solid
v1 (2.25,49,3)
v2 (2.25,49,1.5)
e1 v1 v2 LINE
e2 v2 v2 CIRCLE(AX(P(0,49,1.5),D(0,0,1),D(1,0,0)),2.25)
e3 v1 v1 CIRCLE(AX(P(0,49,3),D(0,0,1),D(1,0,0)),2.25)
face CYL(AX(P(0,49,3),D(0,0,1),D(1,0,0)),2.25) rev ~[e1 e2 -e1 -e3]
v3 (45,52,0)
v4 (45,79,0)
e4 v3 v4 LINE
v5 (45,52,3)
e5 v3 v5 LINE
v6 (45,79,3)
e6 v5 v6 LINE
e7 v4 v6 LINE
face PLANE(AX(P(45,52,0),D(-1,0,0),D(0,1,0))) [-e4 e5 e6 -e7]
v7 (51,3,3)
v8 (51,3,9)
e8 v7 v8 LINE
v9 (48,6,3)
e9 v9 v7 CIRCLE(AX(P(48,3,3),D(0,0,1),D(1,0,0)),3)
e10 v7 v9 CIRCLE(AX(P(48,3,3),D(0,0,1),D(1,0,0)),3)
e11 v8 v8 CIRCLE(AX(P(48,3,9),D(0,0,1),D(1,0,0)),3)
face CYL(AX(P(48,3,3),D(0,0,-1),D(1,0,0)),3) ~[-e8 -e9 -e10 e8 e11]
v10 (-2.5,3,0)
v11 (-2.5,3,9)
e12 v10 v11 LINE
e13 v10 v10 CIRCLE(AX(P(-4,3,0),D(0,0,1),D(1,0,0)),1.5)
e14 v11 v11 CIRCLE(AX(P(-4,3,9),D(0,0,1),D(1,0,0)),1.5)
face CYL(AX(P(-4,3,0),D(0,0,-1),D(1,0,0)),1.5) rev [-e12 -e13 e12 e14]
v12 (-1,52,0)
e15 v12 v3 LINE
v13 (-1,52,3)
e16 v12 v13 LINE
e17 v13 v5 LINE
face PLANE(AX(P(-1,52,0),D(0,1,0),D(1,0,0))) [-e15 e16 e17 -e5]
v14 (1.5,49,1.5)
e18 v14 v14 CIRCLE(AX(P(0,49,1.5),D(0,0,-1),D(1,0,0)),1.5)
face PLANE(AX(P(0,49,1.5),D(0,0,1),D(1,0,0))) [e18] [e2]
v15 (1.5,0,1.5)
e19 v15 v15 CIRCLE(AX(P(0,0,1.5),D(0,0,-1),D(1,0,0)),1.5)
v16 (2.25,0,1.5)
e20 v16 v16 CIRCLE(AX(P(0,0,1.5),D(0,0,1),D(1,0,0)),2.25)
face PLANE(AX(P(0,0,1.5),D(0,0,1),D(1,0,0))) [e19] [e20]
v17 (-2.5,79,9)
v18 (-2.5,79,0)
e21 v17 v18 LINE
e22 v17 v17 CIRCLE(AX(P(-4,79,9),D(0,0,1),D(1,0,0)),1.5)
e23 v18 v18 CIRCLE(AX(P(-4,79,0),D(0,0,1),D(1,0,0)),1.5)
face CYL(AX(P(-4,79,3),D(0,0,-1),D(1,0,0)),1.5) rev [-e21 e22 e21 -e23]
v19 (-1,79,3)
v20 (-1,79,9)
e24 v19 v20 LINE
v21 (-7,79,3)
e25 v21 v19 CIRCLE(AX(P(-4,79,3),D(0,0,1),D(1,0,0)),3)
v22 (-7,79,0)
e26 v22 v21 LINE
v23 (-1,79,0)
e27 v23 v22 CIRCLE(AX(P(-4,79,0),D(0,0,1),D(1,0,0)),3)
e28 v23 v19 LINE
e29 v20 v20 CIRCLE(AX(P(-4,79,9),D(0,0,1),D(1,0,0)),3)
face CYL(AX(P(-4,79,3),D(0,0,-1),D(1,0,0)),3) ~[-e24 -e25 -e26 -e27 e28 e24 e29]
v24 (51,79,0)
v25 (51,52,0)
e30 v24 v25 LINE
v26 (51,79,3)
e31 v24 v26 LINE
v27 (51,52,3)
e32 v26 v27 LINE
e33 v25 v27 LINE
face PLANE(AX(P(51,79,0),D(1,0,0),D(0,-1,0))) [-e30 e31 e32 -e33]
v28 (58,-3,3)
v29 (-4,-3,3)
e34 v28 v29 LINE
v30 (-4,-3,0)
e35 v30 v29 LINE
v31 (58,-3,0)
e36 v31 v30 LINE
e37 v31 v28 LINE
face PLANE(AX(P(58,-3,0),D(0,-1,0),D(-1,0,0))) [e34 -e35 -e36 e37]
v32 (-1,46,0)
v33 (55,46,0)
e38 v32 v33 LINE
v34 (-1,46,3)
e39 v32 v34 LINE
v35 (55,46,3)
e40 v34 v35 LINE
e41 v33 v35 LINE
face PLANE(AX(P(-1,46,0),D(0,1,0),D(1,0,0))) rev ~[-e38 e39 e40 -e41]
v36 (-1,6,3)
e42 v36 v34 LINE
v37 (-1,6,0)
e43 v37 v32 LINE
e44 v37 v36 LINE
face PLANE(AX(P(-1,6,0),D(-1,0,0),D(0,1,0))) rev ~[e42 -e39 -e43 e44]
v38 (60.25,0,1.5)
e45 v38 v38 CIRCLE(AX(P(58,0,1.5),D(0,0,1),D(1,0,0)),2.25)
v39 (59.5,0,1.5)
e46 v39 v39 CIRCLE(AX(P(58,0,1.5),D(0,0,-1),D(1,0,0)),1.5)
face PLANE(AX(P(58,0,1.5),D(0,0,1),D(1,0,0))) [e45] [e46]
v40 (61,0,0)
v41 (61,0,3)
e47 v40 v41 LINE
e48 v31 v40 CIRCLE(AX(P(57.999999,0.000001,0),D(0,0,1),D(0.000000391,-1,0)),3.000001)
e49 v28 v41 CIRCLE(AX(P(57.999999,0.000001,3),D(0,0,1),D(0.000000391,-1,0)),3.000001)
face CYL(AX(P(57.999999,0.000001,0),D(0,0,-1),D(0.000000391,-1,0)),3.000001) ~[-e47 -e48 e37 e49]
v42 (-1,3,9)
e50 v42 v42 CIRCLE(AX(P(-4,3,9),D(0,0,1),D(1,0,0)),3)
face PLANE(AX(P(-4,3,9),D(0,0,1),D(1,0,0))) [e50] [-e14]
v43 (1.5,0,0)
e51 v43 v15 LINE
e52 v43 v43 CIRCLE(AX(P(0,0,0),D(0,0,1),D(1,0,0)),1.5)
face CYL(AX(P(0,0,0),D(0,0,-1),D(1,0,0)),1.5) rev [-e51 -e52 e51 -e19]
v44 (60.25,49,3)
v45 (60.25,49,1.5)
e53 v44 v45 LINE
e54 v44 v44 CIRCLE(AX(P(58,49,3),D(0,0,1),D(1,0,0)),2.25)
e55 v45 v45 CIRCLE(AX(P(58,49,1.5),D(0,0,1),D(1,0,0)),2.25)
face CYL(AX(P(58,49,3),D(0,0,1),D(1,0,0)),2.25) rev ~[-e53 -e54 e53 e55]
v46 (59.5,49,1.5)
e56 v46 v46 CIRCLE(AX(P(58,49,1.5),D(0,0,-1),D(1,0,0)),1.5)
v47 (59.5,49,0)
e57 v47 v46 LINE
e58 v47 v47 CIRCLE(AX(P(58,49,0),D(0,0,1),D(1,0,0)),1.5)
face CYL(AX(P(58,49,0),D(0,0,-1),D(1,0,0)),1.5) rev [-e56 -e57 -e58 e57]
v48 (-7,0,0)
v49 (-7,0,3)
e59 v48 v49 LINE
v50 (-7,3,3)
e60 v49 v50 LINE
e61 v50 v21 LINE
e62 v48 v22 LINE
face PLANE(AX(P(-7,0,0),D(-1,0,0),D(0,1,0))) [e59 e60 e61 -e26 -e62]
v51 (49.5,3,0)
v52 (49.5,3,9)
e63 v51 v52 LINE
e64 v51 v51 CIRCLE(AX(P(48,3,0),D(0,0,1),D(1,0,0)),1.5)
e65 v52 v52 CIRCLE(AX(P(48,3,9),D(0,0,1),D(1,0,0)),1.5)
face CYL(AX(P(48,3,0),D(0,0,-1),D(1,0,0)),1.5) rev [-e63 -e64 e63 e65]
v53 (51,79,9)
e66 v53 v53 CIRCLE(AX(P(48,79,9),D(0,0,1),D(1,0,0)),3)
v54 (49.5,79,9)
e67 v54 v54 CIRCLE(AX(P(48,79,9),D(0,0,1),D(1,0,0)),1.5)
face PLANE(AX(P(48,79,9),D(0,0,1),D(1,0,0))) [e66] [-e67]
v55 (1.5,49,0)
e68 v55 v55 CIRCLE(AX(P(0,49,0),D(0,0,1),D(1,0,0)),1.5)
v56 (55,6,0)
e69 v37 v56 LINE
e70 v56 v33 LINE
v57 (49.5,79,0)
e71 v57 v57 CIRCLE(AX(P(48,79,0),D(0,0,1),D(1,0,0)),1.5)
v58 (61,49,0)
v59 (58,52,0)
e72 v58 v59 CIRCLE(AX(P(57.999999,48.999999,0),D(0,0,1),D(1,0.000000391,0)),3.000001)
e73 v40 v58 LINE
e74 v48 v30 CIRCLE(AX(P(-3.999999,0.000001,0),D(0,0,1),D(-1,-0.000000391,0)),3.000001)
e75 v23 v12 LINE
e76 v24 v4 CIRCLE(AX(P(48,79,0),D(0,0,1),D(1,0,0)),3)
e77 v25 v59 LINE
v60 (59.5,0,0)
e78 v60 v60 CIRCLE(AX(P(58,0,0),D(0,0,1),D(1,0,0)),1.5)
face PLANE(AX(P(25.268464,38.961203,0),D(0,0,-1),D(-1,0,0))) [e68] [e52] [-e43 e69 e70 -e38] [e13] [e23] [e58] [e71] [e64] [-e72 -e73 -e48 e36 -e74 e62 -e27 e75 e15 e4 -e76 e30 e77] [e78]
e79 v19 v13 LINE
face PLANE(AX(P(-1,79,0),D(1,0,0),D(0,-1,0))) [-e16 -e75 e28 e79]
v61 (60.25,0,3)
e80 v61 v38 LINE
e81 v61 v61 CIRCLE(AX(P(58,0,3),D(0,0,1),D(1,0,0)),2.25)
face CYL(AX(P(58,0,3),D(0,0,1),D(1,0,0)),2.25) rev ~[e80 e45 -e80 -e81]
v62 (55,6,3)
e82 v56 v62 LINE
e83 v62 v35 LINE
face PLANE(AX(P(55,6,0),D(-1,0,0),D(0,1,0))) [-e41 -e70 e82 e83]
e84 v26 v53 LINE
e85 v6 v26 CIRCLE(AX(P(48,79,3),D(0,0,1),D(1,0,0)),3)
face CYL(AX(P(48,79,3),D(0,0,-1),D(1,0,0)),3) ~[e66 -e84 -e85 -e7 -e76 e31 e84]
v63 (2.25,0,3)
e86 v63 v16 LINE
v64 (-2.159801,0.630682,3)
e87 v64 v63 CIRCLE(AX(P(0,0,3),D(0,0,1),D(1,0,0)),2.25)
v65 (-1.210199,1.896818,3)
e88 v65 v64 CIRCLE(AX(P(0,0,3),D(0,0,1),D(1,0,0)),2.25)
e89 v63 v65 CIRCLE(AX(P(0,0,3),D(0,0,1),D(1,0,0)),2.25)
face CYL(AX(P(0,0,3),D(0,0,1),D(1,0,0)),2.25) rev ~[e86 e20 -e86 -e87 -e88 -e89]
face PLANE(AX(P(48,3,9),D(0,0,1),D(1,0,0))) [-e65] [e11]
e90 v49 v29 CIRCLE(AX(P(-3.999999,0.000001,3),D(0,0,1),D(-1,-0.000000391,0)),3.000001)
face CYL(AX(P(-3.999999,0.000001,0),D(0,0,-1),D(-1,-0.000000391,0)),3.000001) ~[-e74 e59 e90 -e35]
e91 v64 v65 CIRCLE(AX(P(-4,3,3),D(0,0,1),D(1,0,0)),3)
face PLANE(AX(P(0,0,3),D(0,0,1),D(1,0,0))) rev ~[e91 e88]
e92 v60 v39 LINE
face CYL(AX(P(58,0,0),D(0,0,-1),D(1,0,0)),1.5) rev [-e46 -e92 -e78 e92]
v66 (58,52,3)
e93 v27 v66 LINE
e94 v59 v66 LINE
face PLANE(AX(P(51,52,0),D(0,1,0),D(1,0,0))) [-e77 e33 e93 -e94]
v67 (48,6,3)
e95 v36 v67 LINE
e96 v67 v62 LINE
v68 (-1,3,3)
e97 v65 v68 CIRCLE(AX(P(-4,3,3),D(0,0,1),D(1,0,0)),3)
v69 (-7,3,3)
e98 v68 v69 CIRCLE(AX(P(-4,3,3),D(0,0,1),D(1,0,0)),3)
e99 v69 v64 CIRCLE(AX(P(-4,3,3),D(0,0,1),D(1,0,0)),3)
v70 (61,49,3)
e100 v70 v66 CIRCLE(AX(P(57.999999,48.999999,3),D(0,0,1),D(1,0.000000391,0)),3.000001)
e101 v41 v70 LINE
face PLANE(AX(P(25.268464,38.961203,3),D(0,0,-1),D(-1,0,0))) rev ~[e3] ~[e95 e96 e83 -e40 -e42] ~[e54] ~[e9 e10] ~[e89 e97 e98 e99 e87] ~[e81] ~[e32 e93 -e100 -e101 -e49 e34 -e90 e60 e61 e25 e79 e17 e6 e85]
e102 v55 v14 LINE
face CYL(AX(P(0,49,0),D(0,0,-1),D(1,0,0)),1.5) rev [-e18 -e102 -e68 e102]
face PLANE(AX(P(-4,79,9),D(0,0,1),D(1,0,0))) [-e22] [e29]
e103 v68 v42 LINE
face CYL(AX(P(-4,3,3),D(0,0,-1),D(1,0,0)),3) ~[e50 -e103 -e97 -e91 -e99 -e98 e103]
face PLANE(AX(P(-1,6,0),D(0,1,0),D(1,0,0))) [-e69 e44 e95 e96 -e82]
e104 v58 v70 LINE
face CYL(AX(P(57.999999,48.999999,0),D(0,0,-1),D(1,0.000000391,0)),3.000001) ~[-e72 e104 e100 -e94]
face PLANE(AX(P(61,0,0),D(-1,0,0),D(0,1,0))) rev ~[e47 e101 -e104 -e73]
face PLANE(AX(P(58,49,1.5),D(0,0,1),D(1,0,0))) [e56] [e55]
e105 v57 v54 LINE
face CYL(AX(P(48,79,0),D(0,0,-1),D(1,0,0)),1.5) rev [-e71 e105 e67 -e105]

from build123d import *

# Parameters (mm, degrees)
SKETCH_R      = 1.5
SKETCH_W      = 56
SKETCH_H      = 40
PAD_DEPTH     = 3
SKETCH001_R   = 3
SKETCH001_R_2 = 1.5
PAD001_DEPTH  = 6
SKETCH002_R   = 2.25
POCKET_DEPTH  = 1.5


with BuildPart() as part:
    # Sketch → Pad (new body)
    with BuildSketch(Plane.XY):
        with BuildLine():
            Line((58, -3), (-4, -3))
            ThreePointArc((-7, 0), (-6.12132, -2.12132), (-4, -3))
            Line((-7, 0), (-7, 79))
            ThreePointArc((-1, 79), (-4, 82), (-7, 79))
            Line((-1, 79), (-1, 52))
            Line((-1, 52), (45, 52))
            Line((45, 52), (45, 79))
            ThreePointArc((51, 79), (48, 82), (45, 79))
            Line((51, 79), (51, 52))
            Line((51, 52), (58, 52))
            ThreePointArc((61, 49), (60.12132, 51.12132), (58, 52))
            Line((61, 0), (61, 49))
            ThreePointArc((58, -3), (60.12132, -2.12132), (61, 0))
        make_face()
        Circle(SKETCH_R, mode=Mode.SUBTRACT)
        with Locations((58, 0)):
            Circle(SKETCH_R, mode=Mode.SUBTRACT)
        with Locations((0, 49)):
            Circle(SKETCH_R, mode=Mode.SUBTRACT)
        with Locations((58, 49)):
            Circle(SKETCH_R, mode=Mode.SUBTRACT)
        with Locations((-4, 3)):
            Circle(SKETCH_R, mode=Mode.SUBTRACT)
        with Locations((48, 3)):
            Circle(SKETCH_R, mode=Mode.SUBTRACT)
        with Locations((48, 79)):
            Circle(SKETCH_R, mode=Mode.SUBTRACT)
        with Locations((-4, 79)):
            Circle(SKETCH_R, mode=Mode.SUBTRACT)
        with Locations((27, 26)):
            Rectangle(SKETCH_W, SKETCH_H, mode=Mode.SUBTRACT)
    extrude(amount=PAD_DEPTH)

    # Sketch001 (on Face27 of Pad) → Pad001 (join)
    with BuildSketch(Plane.XY.offset(3)):
        with Locations((-4, 79)):
            Circle(SKETCH001_R)
        with Locations((-4, 79)):
            Circle(SKETCH001_R_2, mode=Mode.SUBTRACT)
        with Locations((48, 79)):
            Circle(SKETCH001_R)
        with Locations((48, 79)):
            Circle(SKETCH001_R_2, mode=Mode.SUBTRACT)
        with Locations((48, 3)):
            Circle(SKETCH001_R)
        with Locations((48, 3)):
            Circle(SKETCH001_R_2, mode=Mode.SUBTRACT)
        with Locations((-4, 3)):
            Circle(SKETCH001_R)
        with Locations((-4, 3)):
            Circle(SKETCH001_R_2, mode=Mode.SUBTRACT)
    extrude(amount=PAD001_DEPTH)

    # Sketch002 (on Face5 of Pad001) → Pocket (cut)
    with BuildSketch(Plane.XY.offset(3)):
        Circle(SKETCH002_R)
        with Locations((58, 0)):
            Circle(SKETCH002_R)
        with Locations((58, 49)):
            Circle(SKETCH002_R)
        with Locations((0, 49)):
            Circle(SKETCH002_R)
    extrude(amount=-POCKET_DEPTH, mode=Mode.SUBTRACT)


solid = part.part
